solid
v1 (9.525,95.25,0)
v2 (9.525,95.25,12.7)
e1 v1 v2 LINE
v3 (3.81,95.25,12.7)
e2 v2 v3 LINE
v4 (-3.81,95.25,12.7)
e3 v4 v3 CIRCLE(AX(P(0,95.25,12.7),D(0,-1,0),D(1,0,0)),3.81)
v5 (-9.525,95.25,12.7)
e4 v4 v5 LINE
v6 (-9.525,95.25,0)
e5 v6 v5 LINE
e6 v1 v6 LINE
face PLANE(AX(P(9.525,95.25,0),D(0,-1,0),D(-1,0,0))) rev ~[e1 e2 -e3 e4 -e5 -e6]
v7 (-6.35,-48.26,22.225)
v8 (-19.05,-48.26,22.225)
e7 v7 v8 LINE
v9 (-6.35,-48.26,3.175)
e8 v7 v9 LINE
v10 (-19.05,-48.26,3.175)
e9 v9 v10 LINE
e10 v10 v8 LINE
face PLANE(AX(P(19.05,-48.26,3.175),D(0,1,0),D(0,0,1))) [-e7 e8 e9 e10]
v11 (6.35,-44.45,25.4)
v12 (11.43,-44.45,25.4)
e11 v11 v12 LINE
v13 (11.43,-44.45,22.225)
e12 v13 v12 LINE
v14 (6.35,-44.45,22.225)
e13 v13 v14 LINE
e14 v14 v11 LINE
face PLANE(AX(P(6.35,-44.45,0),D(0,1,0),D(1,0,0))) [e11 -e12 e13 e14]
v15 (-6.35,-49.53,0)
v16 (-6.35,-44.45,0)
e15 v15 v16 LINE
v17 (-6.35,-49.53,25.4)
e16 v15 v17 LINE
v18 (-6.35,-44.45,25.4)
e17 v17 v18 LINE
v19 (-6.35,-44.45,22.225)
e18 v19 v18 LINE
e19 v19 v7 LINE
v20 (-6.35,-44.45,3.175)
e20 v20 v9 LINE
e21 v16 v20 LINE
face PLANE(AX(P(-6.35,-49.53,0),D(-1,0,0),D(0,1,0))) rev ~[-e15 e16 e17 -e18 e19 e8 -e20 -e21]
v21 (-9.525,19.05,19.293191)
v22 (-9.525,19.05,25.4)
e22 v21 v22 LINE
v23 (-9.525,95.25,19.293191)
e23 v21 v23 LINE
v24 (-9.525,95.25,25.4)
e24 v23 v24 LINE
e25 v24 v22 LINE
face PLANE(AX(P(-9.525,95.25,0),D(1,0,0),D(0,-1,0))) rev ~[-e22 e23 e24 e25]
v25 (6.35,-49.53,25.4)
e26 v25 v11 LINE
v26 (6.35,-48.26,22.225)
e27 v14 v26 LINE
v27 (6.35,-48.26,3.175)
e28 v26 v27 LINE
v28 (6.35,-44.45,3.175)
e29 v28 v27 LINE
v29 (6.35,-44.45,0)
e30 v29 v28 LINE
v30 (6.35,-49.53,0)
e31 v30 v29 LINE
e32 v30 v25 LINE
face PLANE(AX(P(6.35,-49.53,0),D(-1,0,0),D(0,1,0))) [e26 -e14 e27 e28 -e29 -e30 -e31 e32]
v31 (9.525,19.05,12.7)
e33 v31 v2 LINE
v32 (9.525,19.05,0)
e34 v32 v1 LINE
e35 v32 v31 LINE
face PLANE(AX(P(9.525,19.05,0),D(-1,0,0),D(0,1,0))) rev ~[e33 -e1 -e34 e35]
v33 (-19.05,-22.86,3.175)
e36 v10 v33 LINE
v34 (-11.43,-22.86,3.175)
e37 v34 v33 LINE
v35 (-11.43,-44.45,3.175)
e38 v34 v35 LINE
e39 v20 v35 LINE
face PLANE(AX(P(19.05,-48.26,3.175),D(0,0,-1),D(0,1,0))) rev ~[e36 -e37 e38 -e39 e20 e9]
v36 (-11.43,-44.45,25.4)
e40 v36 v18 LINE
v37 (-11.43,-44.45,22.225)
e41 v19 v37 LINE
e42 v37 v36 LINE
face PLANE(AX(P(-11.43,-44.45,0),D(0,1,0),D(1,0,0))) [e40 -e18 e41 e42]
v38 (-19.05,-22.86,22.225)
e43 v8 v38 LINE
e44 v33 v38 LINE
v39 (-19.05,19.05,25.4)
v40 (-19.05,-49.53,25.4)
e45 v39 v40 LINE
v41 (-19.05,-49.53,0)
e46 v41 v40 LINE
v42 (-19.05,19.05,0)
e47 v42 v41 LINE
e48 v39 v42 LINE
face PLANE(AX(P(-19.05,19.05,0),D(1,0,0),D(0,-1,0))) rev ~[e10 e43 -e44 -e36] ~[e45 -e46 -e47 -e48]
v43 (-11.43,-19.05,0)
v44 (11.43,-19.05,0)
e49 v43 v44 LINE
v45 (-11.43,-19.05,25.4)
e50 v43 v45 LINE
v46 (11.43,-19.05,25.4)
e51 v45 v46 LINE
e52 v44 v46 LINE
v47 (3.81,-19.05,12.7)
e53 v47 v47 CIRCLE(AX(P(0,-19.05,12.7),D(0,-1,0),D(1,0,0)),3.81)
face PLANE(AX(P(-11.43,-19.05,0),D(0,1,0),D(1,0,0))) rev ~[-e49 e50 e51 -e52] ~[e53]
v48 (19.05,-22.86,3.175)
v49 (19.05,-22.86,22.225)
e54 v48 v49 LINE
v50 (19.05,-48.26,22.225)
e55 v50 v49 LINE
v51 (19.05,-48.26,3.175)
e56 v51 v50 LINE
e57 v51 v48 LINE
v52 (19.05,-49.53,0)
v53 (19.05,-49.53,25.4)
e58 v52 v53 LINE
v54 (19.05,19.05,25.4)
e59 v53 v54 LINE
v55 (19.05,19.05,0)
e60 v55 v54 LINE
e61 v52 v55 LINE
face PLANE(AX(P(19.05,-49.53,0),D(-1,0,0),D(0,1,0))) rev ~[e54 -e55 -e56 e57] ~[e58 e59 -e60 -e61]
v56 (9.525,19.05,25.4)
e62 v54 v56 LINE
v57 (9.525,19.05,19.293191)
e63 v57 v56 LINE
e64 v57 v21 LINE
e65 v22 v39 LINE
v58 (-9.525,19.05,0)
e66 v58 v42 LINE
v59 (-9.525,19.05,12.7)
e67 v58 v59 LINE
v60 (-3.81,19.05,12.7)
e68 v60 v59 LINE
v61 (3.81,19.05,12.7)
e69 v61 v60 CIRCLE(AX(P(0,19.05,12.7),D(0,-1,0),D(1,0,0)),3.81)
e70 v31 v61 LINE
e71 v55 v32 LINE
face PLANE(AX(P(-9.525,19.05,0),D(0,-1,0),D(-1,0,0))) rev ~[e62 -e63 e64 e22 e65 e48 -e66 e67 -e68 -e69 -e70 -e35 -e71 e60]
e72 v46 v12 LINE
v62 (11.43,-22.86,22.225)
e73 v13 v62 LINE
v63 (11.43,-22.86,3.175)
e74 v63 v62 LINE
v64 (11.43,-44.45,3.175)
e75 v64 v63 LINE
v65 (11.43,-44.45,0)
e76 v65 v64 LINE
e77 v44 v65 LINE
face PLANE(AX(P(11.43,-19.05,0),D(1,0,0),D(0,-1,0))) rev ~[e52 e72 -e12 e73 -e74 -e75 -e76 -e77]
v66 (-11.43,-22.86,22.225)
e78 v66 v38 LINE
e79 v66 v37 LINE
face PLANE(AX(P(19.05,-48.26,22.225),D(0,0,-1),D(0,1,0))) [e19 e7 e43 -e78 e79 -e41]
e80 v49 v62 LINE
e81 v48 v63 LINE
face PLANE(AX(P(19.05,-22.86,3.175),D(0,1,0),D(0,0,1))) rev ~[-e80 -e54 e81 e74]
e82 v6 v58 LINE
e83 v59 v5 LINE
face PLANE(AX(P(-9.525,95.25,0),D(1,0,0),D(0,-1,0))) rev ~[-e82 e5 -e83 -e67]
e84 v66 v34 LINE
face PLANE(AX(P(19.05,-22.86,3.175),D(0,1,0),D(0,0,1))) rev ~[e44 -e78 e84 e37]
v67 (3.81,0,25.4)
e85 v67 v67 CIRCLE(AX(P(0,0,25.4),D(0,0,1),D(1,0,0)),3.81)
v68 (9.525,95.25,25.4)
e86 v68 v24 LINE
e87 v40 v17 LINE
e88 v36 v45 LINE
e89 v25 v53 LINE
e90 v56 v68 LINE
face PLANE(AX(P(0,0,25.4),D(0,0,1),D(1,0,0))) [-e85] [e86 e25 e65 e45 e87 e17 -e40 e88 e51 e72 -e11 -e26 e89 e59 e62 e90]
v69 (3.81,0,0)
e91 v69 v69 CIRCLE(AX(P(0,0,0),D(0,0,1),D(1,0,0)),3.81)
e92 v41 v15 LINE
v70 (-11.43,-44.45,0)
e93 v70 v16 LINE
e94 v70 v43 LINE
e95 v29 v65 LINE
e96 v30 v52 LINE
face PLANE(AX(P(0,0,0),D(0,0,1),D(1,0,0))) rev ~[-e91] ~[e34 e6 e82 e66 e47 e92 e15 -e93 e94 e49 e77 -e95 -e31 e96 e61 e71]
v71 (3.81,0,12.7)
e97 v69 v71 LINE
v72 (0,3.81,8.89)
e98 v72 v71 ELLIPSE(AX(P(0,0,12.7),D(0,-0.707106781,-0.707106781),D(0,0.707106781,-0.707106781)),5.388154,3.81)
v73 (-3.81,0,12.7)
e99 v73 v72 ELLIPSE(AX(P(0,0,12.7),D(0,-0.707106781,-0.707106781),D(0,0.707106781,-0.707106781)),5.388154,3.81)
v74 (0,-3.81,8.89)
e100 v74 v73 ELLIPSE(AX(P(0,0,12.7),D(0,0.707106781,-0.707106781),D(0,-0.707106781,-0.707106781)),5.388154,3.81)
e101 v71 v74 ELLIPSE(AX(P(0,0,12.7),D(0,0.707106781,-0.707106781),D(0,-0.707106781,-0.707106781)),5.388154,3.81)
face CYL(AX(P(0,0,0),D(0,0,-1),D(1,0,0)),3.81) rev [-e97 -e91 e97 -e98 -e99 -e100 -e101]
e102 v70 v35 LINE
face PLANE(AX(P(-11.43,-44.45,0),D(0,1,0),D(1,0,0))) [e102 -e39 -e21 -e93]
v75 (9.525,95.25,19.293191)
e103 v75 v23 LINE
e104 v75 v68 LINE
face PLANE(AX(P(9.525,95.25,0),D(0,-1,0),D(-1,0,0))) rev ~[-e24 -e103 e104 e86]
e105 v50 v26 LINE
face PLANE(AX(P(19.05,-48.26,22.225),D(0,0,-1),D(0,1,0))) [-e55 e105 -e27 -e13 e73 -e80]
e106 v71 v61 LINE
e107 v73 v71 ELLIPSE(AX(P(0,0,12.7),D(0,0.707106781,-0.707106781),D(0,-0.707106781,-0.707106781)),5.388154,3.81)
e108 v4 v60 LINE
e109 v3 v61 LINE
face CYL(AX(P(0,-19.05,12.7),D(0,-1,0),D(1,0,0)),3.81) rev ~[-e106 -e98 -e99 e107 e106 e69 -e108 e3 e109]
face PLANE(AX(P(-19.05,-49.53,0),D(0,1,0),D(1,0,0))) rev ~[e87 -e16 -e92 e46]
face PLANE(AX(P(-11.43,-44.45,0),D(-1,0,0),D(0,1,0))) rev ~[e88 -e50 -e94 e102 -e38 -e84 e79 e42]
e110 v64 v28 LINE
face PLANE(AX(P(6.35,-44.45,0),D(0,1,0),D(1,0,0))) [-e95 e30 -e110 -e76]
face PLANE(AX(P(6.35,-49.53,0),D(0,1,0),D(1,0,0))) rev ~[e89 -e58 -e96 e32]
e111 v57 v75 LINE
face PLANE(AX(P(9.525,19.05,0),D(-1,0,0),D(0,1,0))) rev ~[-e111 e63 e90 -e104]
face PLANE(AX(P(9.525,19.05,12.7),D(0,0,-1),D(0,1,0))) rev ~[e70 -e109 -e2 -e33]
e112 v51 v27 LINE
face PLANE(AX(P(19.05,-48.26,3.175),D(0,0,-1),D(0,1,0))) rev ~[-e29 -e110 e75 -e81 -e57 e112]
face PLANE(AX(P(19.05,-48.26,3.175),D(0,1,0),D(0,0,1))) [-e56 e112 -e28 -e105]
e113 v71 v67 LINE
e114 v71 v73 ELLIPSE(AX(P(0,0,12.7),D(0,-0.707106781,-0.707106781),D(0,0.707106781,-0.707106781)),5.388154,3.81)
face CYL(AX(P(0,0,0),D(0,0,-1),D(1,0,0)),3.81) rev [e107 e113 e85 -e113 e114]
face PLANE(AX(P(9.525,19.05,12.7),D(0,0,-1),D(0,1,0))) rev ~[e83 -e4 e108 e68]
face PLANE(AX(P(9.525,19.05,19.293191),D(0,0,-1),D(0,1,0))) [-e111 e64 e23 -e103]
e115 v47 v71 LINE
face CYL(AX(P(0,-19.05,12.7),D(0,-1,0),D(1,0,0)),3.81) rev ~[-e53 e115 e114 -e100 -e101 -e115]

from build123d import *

# Parameters (mm, degrees)
F0_R     = 3.81
F0_W     = 7.62
F0_H     = 25.4
F0_H_2   = 5.08
F0_W_2   = 5.08
F1_DEPTH = 25.4
F2_R     = 3.81
F3_DEPTH = 114.301
F4_W     = 25.4
F4_H     = 19.05
F5_DEPTH = 38.101
F6_W     = 76.2
F6_H     = 6.593191
F7_DEPTH = 28.576


with BuildPart() as f1:
    # F0 (on Top) → F1 (new body)
    with BuildSketch(Plane.XY):
        Polygon((-9.525, 19.05), (-19.05, 19.05), (-19.05, -19.05), (-11.43, -19.05), (11.43, -19.05), (19.05, -19.05), (19.05, 19.05), (9.525, 19.05), (0, 19.05), align=None)
        Circle(F0_R, mode=Mode.SUBTRACT)
        Polygon((-9.525, 95.25), (-9.525, 19.05), (0, 19.05), (9.525, 19.05), (9.525, 95.25), align=None)
        with Locations((-15.24, -31.75)):
            Rectangle(F0_W, F0_H)
        with Locations((-15.24, -46.99)):
            Rectangle(F0_W, F0_H_2)
        with Locations((15.24, -31.75)):
            Rectangle(F0_W, F0_H)
        with Locations((-8.89, -46.99)):
            Rectangle(F0_W_2, F0_H_2)
        with Locations((15.24, -46.99)):
            Rectangle(F0_W, F0_H_2)
        with Locations((8.89, -46.99)):
            Rectangle(F0_W_2, F0_H_2)
    extrude(amount=F1_DEPTH)

    # F2 (on face) → F3 (cut, through all)
    with BuildSketch(Plane.XZ.offset(19.05)):
        with Locations((0, 12.7)):
            Circle(F2_R)
    extrude(amount=-F3_DEPTH, mode=Mode.SUBTRACT)

    # F4 (on face) → F5 (cut, through all)
    with BuildSketch(Plane.YZ.offset(19.05)):
        with Locations((-35.56, 12.7)):
            Rectangle(F4_W, F4_H)
    extrude(amount=-F5_DEPTH, mode=Mode.SUBTRACT)

    # F6 (on face) → F7 (cut, through all)
    with BuildSketch(Plane.YZ.offset(9.525)):
        with Locations((57.15, 15.996595)):
            Rectangle(F6_W, F6_H)
    extrude(amount=-F7_DEPTH, mode=Mode.SUBTRACT)


solid = f1.part
